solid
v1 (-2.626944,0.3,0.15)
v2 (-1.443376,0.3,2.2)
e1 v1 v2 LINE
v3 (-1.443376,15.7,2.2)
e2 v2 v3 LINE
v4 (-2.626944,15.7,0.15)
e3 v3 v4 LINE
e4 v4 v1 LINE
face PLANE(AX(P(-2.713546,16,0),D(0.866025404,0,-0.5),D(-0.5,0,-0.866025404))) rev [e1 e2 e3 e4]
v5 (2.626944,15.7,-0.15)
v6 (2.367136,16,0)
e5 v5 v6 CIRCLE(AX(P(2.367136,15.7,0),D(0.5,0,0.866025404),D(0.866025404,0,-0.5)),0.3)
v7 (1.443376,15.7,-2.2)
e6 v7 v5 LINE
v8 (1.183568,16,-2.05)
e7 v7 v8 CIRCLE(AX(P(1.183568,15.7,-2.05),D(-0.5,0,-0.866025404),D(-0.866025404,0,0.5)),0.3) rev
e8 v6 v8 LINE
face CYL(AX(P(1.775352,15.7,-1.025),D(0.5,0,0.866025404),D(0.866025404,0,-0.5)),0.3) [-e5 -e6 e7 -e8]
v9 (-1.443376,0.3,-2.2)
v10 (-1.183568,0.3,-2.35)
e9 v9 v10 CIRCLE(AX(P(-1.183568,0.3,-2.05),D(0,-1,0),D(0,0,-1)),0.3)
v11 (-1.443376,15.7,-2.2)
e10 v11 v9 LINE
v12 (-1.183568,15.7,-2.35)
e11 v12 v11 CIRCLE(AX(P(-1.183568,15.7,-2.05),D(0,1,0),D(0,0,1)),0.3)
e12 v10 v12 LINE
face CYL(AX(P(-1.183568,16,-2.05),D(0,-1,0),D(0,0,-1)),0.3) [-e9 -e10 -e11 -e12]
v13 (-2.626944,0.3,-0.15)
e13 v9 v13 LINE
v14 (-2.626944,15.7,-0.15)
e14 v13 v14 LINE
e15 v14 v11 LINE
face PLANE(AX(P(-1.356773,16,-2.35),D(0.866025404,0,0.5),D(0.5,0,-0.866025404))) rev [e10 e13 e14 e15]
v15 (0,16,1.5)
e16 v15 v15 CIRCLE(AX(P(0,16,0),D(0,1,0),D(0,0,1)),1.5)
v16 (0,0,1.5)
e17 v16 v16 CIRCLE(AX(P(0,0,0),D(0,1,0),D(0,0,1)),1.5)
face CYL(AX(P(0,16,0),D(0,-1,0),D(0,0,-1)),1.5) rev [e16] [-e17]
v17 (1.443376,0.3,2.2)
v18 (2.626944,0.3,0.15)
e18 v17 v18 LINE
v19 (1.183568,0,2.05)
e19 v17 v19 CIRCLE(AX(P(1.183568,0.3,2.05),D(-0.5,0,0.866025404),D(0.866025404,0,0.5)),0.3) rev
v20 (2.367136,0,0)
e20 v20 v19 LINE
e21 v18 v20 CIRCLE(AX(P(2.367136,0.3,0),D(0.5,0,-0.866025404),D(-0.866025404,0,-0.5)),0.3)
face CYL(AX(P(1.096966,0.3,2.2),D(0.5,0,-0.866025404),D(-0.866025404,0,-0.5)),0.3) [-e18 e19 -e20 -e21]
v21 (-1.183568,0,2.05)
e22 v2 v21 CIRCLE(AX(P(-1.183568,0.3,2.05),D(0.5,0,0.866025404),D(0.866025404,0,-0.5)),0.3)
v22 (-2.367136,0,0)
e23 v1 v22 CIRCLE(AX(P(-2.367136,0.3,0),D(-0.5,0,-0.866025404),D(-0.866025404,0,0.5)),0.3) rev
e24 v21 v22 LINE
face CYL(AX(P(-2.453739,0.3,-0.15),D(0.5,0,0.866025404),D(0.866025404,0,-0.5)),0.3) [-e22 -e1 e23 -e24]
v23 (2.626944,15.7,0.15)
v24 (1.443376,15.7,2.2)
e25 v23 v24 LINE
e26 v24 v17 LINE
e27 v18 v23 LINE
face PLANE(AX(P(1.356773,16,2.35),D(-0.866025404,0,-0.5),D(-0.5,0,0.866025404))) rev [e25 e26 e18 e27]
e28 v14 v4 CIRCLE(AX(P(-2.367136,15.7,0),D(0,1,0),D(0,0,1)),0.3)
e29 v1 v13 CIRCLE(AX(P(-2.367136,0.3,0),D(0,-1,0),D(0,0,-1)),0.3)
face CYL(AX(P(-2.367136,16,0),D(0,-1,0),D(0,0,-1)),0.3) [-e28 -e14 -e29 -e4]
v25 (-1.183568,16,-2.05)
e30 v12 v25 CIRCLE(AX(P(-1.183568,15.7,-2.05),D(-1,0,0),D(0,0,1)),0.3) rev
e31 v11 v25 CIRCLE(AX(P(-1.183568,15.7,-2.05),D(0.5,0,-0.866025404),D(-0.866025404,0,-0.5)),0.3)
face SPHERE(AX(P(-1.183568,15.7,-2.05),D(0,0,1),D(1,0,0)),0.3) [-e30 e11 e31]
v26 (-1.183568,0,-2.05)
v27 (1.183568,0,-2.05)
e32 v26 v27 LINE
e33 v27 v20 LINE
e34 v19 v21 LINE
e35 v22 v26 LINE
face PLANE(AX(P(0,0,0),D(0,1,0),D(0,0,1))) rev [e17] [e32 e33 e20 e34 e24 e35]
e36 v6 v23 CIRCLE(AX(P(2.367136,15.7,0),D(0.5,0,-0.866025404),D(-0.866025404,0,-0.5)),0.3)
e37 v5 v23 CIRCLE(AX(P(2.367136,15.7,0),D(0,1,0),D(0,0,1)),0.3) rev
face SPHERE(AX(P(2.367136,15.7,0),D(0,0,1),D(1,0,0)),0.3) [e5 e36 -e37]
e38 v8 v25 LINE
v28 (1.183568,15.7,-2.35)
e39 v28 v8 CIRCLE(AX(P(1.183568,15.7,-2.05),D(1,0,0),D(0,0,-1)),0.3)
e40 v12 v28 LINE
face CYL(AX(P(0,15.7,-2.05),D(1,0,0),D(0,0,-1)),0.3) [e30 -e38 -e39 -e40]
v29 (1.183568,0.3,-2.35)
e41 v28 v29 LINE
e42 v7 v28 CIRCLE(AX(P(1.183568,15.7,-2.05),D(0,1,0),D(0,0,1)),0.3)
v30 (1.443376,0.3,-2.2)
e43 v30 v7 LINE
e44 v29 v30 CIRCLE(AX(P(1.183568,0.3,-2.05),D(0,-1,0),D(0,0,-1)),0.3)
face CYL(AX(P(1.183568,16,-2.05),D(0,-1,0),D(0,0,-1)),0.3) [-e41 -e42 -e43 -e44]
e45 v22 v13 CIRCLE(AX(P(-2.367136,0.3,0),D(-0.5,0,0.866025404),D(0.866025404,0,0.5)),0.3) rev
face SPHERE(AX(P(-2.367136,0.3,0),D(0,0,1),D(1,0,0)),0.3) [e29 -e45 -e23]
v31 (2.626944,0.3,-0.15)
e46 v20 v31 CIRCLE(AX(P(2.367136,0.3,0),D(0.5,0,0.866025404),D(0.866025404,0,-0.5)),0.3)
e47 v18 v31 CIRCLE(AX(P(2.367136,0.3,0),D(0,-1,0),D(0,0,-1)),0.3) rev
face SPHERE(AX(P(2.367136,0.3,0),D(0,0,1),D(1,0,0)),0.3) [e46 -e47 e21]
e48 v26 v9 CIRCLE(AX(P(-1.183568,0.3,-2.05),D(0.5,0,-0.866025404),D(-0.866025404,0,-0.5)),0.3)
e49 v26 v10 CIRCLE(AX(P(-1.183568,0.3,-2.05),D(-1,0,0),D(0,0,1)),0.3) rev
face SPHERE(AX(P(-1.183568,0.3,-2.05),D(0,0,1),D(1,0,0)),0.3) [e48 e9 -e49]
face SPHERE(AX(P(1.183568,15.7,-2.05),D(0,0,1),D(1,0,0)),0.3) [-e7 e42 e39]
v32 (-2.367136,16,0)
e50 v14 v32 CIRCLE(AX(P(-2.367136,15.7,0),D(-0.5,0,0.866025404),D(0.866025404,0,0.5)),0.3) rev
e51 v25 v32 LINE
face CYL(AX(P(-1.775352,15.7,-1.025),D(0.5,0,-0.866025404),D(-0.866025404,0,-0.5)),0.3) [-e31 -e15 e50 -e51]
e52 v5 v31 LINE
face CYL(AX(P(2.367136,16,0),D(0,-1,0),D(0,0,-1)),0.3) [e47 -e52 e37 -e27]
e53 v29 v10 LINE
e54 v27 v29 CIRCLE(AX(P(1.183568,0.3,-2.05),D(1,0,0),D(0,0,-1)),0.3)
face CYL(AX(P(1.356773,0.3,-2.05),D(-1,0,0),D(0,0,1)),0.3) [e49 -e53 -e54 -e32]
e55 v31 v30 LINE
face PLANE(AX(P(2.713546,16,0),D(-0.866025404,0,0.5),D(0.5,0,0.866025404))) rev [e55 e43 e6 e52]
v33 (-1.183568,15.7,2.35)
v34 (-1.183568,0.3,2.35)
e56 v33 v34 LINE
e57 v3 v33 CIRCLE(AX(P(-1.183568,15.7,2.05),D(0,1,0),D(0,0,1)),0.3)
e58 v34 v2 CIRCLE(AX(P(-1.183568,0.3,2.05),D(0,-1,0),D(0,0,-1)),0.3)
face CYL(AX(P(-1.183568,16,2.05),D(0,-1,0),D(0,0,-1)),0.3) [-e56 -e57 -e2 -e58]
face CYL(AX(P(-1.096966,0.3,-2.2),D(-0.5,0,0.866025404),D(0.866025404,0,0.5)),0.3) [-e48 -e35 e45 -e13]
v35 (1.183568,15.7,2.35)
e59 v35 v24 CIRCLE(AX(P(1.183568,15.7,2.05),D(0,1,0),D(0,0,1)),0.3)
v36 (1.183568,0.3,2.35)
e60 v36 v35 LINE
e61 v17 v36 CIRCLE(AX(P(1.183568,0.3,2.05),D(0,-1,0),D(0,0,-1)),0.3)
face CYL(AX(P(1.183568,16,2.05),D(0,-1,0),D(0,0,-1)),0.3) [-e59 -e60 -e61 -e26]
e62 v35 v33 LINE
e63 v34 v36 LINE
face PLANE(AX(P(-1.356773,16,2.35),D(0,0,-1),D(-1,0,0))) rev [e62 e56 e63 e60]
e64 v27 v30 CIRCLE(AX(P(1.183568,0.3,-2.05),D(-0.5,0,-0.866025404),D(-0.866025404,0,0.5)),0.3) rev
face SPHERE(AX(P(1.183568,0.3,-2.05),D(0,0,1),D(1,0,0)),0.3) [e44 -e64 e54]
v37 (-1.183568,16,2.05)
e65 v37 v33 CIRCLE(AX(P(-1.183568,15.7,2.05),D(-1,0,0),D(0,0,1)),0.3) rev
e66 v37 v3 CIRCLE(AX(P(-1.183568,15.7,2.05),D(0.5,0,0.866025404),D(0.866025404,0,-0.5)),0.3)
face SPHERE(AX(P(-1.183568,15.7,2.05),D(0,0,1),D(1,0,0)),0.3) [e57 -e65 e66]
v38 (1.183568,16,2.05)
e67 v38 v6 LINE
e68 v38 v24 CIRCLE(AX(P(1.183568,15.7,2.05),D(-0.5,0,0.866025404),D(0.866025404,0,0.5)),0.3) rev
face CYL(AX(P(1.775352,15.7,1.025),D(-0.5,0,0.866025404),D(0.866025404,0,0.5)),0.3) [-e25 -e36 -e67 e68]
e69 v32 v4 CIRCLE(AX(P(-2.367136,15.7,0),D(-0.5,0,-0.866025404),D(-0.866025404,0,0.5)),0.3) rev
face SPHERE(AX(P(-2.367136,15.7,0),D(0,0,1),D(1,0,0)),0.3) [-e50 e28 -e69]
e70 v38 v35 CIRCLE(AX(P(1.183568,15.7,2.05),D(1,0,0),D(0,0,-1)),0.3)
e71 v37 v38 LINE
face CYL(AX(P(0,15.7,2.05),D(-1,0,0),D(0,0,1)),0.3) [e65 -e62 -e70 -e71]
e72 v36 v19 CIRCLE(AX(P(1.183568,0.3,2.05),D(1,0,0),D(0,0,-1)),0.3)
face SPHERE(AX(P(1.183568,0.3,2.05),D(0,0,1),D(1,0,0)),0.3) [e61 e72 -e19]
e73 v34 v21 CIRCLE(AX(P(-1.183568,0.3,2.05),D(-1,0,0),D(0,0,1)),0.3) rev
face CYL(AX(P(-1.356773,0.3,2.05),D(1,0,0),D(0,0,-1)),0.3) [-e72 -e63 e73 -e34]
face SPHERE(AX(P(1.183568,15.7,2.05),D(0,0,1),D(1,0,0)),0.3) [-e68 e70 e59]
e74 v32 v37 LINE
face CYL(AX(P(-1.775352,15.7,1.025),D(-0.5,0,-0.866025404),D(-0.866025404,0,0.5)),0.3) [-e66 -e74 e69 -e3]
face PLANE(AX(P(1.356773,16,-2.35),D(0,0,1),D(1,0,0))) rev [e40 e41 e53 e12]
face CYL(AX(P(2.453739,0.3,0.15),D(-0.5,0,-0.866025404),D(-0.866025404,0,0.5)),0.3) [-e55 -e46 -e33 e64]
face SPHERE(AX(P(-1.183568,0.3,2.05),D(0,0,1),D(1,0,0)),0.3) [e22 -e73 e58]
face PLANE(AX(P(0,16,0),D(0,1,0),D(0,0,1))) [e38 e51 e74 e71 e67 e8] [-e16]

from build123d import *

# Parameters (mm, degrees)
SKETCH_1_R      = 1.5
EXTRUDE_1_DEPTH = 16
FILLET_1_R      = 0.3


with BuildPart() as part:
    # 草图1 → 凸台-拉伸1 (new body)
    with BuildSketch(Plane(origin=(0, 0, 0), x_dir=(1, 0, 0), z_dir=(0, 1, 0))):
        Polygon((2.713546265, 0), (1.356773133, 2.35), (-1.356773133, 2.35), (-2.713546265, 0), (-1.356773133, -2.35), (1.356773133, -2.35), align=None)
        with Locations(Location((0, 0, 0), (0, 0, 270))):
            Circle(SKETCH_1_R, mode=Mode.SUBTRACT)
    extrude(amount=EXTRUDE_1_DEPTH)

    # 圆角1
    fillet_1_edges = [part.edges().sort_by_distance(p)[0] for p in [
        (0, 16, -2.35),
        (1.356773133, 8, 2.35),
        (-1.356773133, 8, 2.35),
        (-2.713546265, 8, 0),
        (-1.356773133, 8, -2.35),
        (1.356773133, 8, -2.35),
        (2.713546265, 8, 0),
        (-2.035159699, 16, -1.175),
        (-2.035159699, 16, 1.175),
        (0, 16, 2.35),
        (2.035159699, 16, 1.175),
        (0, 0, 2.35),
        (-2.035159699, 0, 1.175),
        (-2.035159699, 0, -1.175),
        (2.035159699, 16, -1.175),
        (0, 0, -2.35),
        (2.035159699, 0, -1.175),
        (2.035159699, 0, 1.175),
    ]]
    fillet(fillet_1_edges, radius=FILLET_1_R)


solid = part.part
